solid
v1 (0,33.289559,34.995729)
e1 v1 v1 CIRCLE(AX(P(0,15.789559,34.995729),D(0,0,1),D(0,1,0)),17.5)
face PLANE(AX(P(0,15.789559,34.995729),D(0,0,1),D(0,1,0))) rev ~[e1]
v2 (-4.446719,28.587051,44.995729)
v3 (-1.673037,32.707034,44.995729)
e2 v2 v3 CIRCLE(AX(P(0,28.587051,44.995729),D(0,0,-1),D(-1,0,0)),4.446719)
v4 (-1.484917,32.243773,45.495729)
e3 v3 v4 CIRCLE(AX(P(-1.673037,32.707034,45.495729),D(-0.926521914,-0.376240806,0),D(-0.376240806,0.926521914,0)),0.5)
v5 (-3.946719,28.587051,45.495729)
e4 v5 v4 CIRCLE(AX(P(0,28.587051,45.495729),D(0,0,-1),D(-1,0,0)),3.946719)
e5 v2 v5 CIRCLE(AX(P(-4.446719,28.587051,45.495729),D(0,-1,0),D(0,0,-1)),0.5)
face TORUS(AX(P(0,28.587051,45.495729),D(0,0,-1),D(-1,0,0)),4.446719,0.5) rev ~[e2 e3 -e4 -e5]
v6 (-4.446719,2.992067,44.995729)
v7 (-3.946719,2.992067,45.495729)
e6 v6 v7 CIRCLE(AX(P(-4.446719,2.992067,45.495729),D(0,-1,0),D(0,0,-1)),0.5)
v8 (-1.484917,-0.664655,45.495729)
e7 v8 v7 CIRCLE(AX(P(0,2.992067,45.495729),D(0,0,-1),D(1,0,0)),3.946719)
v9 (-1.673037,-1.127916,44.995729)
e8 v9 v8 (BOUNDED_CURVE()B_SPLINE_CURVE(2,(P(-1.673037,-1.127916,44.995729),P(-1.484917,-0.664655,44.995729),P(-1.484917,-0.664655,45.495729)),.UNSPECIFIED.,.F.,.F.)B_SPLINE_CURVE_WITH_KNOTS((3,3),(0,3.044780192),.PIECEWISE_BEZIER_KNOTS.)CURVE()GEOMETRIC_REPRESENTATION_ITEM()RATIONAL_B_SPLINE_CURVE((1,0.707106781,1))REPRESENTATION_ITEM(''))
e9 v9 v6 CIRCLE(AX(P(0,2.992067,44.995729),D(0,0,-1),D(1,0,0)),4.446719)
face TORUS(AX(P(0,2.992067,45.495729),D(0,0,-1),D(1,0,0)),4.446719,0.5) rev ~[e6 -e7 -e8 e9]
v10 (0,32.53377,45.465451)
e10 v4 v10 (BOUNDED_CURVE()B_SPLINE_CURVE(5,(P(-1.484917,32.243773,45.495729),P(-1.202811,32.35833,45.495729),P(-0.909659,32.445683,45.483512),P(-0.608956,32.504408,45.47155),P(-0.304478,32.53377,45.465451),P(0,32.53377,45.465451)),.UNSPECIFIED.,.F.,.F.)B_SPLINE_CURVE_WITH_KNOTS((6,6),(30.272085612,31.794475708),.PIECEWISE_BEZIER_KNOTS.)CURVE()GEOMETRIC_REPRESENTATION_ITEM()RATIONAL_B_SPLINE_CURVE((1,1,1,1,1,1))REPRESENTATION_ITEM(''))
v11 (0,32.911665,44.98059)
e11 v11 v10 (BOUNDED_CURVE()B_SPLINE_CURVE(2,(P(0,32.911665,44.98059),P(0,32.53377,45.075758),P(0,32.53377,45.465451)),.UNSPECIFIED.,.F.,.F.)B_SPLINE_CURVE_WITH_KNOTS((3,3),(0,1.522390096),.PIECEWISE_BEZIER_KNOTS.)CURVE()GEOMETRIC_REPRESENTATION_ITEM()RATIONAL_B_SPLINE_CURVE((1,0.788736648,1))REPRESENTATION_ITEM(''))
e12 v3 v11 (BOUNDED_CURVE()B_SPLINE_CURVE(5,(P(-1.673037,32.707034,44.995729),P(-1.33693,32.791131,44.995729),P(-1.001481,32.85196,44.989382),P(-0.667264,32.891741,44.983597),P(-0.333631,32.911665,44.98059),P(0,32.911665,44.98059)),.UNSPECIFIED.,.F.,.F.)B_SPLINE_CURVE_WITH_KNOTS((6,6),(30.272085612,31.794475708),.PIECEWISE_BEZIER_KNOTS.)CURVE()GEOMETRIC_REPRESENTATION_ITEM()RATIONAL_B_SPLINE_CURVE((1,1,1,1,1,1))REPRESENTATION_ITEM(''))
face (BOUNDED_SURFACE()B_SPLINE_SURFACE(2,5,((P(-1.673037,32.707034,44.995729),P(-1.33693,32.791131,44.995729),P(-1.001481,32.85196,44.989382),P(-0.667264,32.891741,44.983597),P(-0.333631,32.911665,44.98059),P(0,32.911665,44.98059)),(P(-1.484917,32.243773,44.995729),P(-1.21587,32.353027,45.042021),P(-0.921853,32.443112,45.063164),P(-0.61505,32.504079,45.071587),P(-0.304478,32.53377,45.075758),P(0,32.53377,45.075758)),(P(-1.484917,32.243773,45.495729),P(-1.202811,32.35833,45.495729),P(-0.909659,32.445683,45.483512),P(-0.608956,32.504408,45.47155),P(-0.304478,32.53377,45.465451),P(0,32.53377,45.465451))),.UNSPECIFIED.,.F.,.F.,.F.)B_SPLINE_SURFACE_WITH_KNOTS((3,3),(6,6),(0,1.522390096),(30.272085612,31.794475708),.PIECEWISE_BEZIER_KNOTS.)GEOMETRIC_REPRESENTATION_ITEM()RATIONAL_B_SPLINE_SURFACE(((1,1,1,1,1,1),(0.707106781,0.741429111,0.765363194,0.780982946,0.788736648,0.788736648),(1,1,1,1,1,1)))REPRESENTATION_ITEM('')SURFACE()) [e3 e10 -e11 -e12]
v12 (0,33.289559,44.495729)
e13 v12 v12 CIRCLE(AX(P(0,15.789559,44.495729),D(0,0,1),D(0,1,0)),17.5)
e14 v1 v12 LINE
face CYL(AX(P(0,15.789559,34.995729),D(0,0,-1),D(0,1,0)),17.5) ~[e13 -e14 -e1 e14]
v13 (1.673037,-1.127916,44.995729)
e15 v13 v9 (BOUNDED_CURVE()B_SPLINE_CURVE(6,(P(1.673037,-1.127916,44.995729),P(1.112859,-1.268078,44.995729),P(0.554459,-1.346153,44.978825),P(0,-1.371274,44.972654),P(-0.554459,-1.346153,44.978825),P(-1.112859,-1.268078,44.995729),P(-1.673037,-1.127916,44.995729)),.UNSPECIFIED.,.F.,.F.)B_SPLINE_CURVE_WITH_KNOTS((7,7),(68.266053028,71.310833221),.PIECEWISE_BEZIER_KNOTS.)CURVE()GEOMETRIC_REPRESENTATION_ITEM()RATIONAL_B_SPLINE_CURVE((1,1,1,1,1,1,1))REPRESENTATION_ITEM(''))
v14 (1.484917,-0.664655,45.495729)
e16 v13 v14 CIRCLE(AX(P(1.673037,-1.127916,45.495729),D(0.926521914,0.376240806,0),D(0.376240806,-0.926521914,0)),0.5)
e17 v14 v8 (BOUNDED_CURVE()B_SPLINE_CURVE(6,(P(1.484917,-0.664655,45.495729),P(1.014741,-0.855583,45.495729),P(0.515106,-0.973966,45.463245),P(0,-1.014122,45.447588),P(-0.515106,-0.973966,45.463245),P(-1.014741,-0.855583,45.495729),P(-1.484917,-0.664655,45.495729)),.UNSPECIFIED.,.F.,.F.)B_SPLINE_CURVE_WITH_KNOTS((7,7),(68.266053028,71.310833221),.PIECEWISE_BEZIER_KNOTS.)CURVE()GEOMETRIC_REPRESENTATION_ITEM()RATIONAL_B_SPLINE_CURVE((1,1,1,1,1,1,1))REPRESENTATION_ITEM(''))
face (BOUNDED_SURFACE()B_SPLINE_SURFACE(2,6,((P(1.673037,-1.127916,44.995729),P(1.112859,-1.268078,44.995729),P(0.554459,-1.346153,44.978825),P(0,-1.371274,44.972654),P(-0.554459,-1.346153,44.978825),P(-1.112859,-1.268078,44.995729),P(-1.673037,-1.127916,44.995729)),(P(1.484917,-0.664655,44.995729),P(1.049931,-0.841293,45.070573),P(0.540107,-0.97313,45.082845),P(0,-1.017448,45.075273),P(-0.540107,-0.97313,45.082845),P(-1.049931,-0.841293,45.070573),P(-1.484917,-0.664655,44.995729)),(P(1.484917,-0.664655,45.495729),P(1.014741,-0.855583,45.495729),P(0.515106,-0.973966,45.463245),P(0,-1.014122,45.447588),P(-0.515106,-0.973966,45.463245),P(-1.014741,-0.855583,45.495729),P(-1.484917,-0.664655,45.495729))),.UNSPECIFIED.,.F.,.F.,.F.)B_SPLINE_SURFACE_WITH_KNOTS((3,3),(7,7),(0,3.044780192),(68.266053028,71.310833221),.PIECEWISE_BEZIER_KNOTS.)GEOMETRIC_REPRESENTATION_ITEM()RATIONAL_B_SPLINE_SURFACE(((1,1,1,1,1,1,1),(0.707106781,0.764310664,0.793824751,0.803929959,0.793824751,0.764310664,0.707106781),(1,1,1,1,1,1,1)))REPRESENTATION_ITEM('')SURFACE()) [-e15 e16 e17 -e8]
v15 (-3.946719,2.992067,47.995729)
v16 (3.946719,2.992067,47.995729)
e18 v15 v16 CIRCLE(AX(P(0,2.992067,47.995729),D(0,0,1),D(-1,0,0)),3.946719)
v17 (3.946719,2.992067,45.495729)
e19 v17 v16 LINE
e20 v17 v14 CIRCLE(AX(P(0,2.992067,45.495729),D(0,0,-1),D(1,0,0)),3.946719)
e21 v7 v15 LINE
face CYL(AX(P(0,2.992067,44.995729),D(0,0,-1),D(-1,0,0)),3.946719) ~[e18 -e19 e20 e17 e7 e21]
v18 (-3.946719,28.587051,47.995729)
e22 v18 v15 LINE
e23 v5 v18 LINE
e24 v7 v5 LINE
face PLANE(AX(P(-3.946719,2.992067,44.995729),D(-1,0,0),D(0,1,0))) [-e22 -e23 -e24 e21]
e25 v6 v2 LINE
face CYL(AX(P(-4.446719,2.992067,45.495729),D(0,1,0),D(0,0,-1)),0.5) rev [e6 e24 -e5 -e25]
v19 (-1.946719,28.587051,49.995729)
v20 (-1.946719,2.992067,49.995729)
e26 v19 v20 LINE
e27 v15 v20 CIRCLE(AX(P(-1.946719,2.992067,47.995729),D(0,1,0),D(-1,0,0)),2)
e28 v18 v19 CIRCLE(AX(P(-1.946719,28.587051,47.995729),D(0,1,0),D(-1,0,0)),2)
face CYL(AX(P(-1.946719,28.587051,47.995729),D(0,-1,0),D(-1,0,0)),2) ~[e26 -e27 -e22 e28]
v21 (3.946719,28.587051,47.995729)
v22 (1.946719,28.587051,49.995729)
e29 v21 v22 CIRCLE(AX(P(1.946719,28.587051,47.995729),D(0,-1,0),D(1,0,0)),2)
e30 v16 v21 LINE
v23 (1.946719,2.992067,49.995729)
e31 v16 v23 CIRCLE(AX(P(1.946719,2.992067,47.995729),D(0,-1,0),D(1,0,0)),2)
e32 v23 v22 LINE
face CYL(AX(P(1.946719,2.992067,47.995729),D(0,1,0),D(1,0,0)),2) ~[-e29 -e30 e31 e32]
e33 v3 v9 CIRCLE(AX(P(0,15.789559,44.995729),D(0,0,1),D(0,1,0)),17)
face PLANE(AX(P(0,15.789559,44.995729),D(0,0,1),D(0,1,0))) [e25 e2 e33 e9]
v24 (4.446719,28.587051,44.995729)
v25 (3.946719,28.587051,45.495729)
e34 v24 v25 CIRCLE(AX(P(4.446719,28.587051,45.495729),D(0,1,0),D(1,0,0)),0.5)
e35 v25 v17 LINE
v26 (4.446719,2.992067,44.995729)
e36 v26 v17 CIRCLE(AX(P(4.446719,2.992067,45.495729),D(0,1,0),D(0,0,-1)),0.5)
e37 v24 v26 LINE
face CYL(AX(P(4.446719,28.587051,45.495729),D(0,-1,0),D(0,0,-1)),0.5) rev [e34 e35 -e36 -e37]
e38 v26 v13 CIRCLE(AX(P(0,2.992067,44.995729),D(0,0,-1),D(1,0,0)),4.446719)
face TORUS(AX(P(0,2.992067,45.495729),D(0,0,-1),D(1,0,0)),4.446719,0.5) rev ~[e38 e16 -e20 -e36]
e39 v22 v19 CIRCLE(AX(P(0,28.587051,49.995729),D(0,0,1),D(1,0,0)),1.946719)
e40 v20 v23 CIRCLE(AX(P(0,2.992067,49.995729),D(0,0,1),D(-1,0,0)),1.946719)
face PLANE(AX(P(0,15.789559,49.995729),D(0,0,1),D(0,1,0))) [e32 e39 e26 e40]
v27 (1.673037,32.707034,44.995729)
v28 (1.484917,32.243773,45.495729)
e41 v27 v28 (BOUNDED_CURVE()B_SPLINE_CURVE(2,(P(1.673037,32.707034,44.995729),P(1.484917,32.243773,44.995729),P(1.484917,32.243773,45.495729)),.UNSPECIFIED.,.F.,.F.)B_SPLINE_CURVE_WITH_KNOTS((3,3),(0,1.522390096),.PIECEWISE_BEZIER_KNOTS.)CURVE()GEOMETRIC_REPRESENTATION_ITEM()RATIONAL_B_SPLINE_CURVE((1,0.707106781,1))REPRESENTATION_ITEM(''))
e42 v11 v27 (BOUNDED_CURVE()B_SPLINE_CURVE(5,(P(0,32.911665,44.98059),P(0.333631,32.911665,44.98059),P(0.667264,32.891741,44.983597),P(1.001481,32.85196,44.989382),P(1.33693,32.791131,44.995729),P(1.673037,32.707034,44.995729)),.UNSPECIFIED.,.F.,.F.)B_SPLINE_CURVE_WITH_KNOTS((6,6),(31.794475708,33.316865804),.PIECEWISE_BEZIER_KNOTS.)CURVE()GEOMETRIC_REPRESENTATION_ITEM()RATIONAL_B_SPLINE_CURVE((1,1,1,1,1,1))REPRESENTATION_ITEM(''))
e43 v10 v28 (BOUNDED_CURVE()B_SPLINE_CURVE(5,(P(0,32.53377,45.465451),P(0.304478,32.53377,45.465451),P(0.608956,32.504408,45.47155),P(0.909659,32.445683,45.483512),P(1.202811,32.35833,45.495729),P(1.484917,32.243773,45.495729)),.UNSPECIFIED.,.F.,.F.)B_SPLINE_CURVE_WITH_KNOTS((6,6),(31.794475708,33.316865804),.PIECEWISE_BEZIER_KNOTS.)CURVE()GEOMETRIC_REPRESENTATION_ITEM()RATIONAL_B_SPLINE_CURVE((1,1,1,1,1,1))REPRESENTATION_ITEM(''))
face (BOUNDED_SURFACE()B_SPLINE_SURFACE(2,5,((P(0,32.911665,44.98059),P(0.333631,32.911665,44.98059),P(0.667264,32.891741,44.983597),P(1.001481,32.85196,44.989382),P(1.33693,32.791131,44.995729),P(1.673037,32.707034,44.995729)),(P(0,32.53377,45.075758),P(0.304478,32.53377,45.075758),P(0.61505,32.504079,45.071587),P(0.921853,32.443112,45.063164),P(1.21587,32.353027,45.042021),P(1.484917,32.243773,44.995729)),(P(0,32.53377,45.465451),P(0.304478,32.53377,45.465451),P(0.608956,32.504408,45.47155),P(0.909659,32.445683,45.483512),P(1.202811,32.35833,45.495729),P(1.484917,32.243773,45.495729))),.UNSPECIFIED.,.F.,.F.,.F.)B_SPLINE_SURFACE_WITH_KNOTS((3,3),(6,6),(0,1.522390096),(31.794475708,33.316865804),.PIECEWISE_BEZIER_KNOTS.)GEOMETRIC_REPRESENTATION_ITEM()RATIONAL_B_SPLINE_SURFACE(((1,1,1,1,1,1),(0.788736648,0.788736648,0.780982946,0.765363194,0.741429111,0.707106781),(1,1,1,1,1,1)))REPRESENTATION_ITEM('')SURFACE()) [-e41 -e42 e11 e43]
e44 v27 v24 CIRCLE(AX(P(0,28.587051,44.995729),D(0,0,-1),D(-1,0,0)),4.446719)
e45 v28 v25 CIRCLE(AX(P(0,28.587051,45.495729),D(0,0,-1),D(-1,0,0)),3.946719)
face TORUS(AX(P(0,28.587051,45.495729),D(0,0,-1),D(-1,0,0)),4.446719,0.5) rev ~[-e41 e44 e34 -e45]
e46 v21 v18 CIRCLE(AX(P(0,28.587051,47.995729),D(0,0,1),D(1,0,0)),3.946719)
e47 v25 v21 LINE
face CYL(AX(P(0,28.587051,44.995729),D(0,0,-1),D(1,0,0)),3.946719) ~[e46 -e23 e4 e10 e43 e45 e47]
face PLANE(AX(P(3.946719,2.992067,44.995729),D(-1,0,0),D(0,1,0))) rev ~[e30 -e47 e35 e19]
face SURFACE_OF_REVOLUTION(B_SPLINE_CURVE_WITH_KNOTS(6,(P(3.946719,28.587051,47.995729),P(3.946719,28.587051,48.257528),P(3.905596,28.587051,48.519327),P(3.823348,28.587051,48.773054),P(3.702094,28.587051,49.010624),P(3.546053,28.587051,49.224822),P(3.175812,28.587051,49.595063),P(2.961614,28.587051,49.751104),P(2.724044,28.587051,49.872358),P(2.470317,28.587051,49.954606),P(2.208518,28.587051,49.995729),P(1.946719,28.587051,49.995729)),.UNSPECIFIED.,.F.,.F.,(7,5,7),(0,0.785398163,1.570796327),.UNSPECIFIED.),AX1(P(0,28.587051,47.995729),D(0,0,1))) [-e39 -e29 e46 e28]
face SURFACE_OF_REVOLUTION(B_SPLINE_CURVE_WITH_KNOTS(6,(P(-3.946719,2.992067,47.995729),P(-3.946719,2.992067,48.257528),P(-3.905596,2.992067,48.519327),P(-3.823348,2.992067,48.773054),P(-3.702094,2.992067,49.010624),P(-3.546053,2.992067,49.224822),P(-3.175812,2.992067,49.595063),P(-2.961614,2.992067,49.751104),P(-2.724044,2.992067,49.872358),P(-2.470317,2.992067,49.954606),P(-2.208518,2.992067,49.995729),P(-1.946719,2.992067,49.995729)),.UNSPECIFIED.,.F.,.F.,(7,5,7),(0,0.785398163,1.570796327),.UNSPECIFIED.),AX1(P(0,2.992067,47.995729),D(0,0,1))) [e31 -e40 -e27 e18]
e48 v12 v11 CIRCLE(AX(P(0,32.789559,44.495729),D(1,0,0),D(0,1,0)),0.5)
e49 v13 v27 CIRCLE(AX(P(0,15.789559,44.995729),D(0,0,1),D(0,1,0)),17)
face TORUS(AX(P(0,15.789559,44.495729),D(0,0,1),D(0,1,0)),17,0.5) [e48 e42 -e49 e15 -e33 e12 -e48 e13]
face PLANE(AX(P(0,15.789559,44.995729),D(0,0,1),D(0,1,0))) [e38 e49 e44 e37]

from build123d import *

# Parameters (mm, degrees)
SKETCH048_R  = 17.5
PAD032_DEPTH = 10
PAD033_DEPTH = 5
FILLET011_R  = 0.5
FILLET012_R  = 0.5
FILLET013_R  = 2


with BuildPart() as part:
    # Sketch048 (on DatumPlane) → Pad032 (new body)
    with BuildSketch(Plane(origin=(0, 15.789559, -564.544271), x_dir=(0, 1, 0), z_dir=(0, 0, 1))):
        Circle(SKETCH048_R)
    extrude(amount=PAD032_DEPTH)

    # Sketch049 (on Face3 of Pad032) → Pad033 (join)
    with BuildSketch(Plane(origin=(0, 15.789559, -554.544271), x_dir=(0, 1, 0), z_dir=(0, 0, 1))):
        with BuildLine():
            ThreePointArc((-12.797492, 3.946719), (-16.744211, 0), (-12.797492, -3.946719))
            Line((-12.797492, -3.946719), (12.797492, -3.946719))
            ThreePointArc((12.797492, -3.946719), (16.744211, 0), (12.797492, 3.946719))
            Line((-12.797492, 3.946719), (12.797492, 3.946719))
        make_face()
    extrude(amount=PAD033_DEPTH)

    # Fillet011
    fillet011_edges = [part.edges().sort_by_distance(p)[0] for p in [
        (0, -1.710441, -554.544271),
    ]]
    fillet(fillet011_edges, radius=FILLET011_R)

    # Fillet012
    fillet012_edges = [part.edges().sort_by_distance(p)[0] for p in [
        (-3.946719, 15.789559, -554.544271),
    ]]
    fillet(fillet012_edges, radius=FILLET012_R)

    # Fillet013
    fillet013_edges = [part.edges().sort_by_distance(p)[0] for p in [
        (0, 32.53377, -549.544271),
    ]]
    fillet(fillet013_edges, radius=FILLET013_R)


with BuildPart() as part_1:
    # Clone007 placement: moved
    add(part.part.moved(Location((0, 0, 599.54))))


solid = part_1.part
